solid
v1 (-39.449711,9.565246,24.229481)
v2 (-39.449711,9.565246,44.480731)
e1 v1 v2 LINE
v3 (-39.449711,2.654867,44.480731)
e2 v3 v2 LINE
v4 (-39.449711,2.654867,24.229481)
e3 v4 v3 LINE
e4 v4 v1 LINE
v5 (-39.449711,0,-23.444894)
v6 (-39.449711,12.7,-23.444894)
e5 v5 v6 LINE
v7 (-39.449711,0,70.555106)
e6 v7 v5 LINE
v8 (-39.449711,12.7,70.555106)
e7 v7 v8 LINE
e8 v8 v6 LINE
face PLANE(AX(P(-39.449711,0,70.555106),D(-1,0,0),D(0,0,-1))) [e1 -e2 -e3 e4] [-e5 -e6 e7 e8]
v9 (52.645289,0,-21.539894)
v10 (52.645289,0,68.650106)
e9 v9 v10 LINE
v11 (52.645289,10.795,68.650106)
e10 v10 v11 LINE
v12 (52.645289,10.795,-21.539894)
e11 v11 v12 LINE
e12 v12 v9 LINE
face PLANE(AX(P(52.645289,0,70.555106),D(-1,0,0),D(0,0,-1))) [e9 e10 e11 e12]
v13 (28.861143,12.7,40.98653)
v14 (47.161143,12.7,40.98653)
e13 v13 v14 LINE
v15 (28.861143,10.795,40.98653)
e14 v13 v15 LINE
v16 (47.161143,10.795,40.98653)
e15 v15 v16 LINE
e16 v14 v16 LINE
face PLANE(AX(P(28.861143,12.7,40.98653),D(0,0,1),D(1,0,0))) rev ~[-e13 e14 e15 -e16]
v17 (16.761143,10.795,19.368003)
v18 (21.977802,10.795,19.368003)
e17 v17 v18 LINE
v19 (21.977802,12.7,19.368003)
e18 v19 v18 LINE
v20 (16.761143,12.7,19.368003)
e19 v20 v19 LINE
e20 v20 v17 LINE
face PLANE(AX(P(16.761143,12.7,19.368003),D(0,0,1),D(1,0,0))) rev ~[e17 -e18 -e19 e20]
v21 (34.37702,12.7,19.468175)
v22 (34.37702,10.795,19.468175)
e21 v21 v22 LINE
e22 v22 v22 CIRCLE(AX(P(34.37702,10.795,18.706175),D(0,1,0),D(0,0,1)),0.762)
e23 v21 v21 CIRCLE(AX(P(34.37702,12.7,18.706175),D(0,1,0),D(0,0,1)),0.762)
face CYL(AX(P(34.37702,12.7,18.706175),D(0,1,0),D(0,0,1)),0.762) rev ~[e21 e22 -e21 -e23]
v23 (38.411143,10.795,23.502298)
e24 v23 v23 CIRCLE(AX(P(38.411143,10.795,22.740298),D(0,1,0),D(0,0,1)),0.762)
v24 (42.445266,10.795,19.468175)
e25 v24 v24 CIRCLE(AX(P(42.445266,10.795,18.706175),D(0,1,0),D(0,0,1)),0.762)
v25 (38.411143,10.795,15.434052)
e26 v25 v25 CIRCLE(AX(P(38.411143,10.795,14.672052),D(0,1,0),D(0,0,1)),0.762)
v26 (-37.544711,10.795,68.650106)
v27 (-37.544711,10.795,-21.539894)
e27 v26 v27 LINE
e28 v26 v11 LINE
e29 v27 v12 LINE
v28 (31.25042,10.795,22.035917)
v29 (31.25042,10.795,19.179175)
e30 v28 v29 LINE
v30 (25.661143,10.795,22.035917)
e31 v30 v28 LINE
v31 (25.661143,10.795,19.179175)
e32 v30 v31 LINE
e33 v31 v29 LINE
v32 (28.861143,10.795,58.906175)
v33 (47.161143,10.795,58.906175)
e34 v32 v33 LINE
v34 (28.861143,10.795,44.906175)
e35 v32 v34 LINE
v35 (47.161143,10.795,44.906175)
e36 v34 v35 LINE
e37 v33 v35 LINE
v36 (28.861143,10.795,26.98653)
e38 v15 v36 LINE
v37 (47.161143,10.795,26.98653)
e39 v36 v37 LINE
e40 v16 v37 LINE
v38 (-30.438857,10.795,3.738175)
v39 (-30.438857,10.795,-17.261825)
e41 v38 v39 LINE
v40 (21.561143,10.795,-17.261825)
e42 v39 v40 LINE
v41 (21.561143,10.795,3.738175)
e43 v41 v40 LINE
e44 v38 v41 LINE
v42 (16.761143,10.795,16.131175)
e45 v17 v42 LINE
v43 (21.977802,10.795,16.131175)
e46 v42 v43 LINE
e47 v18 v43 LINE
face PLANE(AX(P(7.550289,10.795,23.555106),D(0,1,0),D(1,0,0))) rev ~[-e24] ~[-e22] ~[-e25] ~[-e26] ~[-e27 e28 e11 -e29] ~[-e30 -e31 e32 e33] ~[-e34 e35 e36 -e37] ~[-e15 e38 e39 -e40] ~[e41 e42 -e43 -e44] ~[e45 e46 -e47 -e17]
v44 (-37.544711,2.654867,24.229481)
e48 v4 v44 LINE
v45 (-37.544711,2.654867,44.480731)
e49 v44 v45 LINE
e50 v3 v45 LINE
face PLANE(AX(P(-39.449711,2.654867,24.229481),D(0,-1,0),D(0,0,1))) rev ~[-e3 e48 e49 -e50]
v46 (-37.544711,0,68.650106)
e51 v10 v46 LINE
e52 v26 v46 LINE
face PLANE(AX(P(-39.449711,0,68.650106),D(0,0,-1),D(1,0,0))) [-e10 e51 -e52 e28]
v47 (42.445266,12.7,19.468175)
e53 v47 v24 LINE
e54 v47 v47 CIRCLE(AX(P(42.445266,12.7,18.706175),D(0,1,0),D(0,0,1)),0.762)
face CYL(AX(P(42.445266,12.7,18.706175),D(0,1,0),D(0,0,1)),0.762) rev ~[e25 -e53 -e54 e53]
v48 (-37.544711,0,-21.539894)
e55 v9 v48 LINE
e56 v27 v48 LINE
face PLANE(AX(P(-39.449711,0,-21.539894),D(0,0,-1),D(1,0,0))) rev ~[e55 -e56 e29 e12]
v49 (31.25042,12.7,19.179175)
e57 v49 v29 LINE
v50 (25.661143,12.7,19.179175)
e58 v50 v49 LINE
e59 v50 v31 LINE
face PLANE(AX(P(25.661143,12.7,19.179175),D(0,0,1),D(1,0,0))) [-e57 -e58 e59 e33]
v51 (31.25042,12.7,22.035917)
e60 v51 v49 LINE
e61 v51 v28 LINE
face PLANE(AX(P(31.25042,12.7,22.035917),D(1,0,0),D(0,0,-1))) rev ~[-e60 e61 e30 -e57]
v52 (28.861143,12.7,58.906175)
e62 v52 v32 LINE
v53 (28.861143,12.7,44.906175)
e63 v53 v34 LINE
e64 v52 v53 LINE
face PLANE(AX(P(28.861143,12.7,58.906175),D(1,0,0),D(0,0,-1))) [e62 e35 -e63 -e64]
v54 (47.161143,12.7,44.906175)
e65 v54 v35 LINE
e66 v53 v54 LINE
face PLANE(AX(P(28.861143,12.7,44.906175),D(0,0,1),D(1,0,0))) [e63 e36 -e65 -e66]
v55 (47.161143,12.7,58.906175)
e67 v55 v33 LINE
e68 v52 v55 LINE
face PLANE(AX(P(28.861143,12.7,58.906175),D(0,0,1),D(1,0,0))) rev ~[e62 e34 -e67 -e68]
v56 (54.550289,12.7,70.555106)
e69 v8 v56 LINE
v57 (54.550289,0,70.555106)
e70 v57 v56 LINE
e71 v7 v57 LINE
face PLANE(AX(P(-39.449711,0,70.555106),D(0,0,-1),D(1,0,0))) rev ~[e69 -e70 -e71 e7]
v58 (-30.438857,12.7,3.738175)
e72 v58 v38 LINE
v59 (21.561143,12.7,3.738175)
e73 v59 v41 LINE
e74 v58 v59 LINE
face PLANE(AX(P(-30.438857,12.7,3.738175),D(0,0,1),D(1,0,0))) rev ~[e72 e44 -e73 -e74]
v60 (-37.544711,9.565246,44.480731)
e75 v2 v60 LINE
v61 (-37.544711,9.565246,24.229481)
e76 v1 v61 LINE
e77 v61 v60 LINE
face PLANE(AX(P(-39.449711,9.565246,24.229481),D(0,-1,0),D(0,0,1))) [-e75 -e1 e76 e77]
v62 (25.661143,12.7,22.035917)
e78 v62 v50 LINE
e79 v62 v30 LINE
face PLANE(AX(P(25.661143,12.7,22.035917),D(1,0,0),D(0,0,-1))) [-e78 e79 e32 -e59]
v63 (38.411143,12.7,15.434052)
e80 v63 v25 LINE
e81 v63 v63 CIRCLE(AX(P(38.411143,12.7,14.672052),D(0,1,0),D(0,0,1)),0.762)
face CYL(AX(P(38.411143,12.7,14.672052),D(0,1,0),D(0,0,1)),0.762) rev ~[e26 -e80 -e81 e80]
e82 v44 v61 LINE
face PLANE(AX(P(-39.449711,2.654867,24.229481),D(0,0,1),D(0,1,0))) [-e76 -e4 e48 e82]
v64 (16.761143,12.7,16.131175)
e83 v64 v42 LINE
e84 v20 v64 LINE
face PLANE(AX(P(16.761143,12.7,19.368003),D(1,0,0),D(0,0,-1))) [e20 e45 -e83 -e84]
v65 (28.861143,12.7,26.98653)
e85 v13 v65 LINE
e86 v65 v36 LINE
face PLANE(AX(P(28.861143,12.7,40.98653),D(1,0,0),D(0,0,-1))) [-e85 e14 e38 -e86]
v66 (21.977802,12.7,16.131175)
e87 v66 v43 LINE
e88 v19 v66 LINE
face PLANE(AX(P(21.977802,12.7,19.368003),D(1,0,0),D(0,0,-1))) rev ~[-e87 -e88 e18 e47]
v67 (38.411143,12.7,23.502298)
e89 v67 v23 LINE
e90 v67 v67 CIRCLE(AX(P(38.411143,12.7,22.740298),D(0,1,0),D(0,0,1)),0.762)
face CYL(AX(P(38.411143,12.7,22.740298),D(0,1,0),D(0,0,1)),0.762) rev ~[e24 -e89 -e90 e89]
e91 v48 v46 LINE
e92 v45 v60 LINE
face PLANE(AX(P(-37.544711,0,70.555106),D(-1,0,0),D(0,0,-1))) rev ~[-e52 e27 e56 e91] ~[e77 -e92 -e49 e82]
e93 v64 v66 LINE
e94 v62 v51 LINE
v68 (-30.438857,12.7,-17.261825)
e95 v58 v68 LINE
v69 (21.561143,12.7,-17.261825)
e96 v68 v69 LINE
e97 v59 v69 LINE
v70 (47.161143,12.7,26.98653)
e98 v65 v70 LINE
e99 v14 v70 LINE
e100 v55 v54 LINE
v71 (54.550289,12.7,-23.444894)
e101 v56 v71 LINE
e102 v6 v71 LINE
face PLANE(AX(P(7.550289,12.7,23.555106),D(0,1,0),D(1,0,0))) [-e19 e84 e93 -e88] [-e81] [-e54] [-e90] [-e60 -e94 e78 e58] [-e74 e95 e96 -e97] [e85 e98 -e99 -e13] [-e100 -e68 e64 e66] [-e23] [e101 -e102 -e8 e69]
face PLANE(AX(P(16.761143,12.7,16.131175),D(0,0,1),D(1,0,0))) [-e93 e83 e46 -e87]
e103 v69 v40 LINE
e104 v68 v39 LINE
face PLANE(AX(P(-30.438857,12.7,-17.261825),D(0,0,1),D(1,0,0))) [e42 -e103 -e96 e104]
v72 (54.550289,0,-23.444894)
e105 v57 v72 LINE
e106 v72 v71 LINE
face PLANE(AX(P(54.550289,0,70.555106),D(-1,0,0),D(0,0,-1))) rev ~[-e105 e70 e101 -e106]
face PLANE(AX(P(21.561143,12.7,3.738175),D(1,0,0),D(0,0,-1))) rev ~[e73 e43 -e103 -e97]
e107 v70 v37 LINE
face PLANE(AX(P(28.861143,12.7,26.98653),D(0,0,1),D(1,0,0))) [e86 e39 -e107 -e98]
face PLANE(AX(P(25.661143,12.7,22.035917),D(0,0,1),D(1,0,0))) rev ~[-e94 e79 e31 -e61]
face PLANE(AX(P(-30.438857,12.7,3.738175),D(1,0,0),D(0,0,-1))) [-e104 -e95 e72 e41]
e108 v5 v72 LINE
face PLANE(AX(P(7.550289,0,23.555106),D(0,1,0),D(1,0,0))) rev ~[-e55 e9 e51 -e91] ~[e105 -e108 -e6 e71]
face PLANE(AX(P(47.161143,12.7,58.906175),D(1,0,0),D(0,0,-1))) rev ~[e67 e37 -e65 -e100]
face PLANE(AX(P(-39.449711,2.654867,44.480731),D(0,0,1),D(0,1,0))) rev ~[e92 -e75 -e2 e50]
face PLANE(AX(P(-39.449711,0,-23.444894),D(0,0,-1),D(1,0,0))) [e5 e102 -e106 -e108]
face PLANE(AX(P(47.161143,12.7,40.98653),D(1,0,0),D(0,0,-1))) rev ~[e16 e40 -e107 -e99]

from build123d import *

# Parameters (mm, degrees)
SKETCH1_W           = 94
SKETCH1_H           = 94
BOSS_EXTRUDE1_DEPTH = 12.7
SHELL3_T            = -1.905
SKETCH2_W           = 52
SKETCH2_H           = 21
SKETCH2_W_2         = 18.3
SKETCH2_H_2         = 14
CUT_EXTRUDE2_DEPTH  = 2.54
SKETCH2_11_R        = 0.762
CUT_EXTRUDE4_DEPTH  = 2.54
SKETCH2_12_W        = 5.216658821
SKETCH2_12_H        = 3.236828516
SKETCH2_12_W_2      = 5.589277308
SKETCH2_12_H_2      = 2.856741735
CUT_EXTRUDE5_DEPTH  = 2.54
SKETCH4_W           = 20.251250208
SKETCH4_H           = 6.910379218
CUT_EXTRUDE6_DEPTH  = 2.54


with BuildPart() as part:
    # Sketch1 → Boss-Extrude1 (new body)
    with BuildSketch(Plane(origin=(0, 0, 0), x_dir=(1, 0, 0), z_dir=(0, 1, 0))):
        with Locations((7.550289017, -23.555105973)):
            Rectangle(SKETCH1_W, SKETCH1_H)
    extrude(amount=BOSS_EXTRUDE1_DEPTH)

    # Shell3
    shell3_openings = [part.faces().sort_by_distance(p)[0] for p in [
        (7.550289017, 0, 23.555105973),
    ]]
    offset(amount=SHELL3_T, openings=shell3_openings, kind=Kind.INTERSECTION)

    # Sketch2 → Cut-Extrude2 (cut)
    with BuildSketch(Plane(origin=(0, 12.7, 0), x_dir=(1, 0, 0), z_dir=(0, 1, 0))):
        with Locations((-4.438857176, 6.761825207)):
            Rectangle(SKETCH2_W, SKETCH2_H)
        with Locations((38.011142824, -33.986529837)):
            Rectangle(SKETCH2_W_2, SKETCH2_H_2)
        with Locations((38.011142824, -51.906174793)):
            Rectangle(SKETCH2_W_2, SKETCH2_H_2)
    extrude(amount=-CUT_EXTRUDE2_DEPTH, mode=Mode.SUBTRACT)

    # Sketch2<11> → Cut-Extrude4 (cut)
    with BuildSketch(Plane(origin=(0, 12.7, 0), x_dir=(1, 0, 0), z_dir=(0, 1, 0))):
        with Locations((38.411142824, -14.672051962)):
            Circle(SKETCH2_11_R)
        with Locations((34.377019993, -18.706174793)):
            Circle(SKETCH2_11_R)
        with Locations((38.411142824, -22.740297623)):
            Circle(SKETCH2_11_R)
        with Locations((42.445265655, -18.706174793)):
            Circle(SKETCH2_11_R)
    extrude(amount=-CUT_EXTRUDE4_DEPTH, mode=Mode.SUBTRACT)

    # Sketch2<12> → Cut-Extrude5 (cut)
    with BuildSketch(Plane(origin=(0, 12.7, 0), x_dir=(1, 0, 0), z_dir=(0, 1, 0))):
        with Locations((19.369472235, -17.749589051)):
            Rectangle(SKETCH2_12_W, SKETCH2_12_H)
        with Locations((28.455781478, -20.607545661)):
            Rectangle(SKETCH2_12_W_2, SKETCH2_12_H_2)
    extrude(amount=-CUT_EXTRUDE5_DEPTH, mode=Mode.SUBTRACT)

    # Sketch4 → Cut-Extrude6 (cut)
    with BuildSketch(Plane.ZY.offset(39.449710983)):
        with Locations((34.355105973, 6.110056277)):
            Rectangle(SKETCH4_W, SKETCH4_H)
    extrude(amount=-CUT_EXTRUDE6_DEPTH, mode=Mode.SUBTRACT)


solid = part.part
